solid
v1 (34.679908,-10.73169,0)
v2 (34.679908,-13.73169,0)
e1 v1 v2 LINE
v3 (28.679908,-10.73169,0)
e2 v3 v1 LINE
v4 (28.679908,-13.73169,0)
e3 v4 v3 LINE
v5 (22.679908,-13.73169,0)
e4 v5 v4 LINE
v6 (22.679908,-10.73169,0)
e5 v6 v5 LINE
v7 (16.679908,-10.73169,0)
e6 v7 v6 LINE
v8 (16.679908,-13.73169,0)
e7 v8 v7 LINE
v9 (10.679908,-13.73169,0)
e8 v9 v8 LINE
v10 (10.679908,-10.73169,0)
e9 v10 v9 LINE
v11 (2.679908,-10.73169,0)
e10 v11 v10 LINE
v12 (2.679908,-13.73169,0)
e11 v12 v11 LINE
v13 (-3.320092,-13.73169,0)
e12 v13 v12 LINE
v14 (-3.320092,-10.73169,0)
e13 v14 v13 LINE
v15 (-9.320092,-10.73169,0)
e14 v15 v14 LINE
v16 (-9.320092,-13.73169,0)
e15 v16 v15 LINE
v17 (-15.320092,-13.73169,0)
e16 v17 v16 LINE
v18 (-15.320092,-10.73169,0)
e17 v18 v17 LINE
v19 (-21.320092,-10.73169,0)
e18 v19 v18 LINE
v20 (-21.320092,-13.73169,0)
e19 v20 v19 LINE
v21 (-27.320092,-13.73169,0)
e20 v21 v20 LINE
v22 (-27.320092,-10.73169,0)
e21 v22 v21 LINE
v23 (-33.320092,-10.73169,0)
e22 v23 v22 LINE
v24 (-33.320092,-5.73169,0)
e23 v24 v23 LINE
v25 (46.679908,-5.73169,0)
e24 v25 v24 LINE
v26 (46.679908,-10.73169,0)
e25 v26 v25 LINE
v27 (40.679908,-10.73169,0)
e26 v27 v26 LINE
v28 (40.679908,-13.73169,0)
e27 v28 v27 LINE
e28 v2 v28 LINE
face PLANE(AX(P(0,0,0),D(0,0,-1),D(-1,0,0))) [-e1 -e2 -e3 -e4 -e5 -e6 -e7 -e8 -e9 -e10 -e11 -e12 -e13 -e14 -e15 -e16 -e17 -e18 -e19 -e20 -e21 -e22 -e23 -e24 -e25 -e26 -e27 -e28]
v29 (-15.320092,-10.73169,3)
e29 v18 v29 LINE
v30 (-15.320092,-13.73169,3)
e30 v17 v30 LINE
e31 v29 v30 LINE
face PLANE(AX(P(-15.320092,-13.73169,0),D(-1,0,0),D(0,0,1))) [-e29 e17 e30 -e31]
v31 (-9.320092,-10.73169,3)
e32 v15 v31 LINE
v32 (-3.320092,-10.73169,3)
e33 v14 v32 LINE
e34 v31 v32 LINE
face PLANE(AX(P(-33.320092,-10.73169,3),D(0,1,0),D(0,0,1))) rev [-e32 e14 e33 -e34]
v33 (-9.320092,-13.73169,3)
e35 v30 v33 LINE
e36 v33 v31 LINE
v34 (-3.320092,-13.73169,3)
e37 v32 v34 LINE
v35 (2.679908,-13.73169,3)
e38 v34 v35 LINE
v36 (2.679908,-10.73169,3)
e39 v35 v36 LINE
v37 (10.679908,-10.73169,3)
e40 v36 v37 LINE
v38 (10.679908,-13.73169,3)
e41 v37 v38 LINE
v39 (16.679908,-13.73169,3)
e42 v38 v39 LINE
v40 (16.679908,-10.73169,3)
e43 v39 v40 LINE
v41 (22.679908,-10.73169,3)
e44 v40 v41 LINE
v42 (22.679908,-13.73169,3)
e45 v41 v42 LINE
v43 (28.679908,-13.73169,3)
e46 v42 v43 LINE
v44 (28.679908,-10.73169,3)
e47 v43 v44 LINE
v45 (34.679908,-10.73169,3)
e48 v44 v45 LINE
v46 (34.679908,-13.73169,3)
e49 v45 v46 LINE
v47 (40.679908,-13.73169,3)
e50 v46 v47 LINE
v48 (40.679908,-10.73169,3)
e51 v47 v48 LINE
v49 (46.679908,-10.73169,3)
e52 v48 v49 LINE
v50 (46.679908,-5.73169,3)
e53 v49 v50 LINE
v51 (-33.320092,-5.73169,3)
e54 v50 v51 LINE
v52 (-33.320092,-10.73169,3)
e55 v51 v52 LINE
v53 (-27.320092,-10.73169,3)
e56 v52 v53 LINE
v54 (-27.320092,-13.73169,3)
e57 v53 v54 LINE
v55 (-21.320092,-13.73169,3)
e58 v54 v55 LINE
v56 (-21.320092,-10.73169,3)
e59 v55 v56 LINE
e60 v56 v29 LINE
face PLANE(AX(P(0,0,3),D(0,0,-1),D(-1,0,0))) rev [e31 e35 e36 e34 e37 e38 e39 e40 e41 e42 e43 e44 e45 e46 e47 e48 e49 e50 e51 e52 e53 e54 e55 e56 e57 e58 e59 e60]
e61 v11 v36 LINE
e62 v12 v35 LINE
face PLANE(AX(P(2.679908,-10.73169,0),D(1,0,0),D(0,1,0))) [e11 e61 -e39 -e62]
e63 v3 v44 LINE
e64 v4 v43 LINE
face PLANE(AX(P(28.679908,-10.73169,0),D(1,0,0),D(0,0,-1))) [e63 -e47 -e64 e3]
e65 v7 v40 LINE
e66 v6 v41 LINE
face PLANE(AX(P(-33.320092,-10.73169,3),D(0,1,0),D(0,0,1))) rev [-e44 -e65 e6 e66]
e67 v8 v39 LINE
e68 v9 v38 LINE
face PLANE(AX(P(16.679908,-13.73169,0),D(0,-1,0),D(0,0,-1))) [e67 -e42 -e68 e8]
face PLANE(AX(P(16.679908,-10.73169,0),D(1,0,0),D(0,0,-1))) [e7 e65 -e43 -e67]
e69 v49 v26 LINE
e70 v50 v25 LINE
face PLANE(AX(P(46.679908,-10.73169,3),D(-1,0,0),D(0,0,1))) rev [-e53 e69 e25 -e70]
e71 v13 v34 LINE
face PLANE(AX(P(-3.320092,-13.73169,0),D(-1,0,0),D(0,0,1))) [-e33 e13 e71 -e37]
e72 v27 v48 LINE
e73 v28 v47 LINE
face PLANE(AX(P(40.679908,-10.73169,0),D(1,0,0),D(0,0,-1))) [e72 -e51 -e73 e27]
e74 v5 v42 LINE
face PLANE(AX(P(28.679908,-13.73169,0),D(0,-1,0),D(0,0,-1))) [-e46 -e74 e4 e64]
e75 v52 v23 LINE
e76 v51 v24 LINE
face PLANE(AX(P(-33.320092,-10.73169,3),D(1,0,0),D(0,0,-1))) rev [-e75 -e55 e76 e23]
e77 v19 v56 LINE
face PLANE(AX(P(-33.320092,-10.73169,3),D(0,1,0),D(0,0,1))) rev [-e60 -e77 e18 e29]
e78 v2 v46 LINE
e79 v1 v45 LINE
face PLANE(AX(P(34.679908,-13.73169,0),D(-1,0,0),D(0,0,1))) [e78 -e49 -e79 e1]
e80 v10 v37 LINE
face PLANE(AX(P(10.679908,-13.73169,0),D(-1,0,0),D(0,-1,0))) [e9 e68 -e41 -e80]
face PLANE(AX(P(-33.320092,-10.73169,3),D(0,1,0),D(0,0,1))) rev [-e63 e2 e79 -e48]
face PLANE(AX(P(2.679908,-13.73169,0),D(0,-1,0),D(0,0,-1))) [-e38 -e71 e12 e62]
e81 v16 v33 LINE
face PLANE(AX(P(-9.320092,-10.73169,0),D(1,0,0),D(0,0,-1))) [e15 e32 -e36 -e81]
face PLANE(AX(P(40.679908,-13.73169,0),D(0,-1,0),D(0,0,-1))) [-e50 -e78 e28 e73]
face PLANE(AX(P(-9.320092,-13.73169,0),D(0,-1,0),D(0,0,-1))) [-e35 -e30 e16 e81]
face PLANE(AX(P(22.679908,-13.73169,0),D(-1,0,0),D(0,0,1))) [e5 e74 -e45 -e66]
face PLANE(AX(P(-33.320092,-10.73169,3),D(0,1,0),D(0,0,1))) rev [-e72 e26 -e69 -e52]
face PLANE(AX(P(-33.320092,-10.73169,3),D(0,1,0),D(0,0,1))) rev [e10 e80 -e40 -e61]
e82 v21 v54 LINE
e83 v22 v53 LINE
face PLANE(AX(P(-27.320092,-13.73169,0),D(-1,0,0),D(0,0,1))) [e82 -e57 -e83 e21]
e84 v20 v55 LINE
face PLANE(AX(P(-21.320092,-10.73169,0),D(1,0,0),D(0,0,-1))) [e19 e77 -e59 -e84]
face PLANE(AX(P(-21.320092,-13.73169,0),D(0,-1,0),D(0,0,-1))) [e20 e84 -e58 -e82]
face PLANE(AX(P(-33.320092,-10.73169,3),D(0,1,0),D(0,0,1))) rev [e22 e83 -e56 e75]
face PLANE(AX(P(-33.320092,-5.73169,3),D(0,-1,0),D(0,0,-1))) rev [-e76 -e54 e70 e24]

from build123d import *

# Parameters (mm, degrees)
SKETCH1_W           = 80
SKETCH1_H           = 5
BOSS_EXTRUDE1_DEPTH = 3
SKETCH2_W           = 6
SKETCH2_H           = 3
BOSS_EXTRUDE2_DEPTH = 3


with BuildPart() as part:
    # Sketch1 → Boss-Extrude1 (new body)
    with BuildSketch(Plane.XY):
        with Locations((6.679907864, -8.231689836)):
            Rectangle(SKETCH1_W, SKETCH1_H)
    extrude(amount=BOSS_EXTRUDE1_DEPTH)

    # Sketch2 → Boss-Extrude2 (add)
    with BuildSketch(Plane.XY.offset(3)):
        with Locations((-24.320092136, -12.231689836)):
            Rectangle(SKETCH2_W, SKETCH2_H)
        with Locations((37.679907864, -12.231689836)):
            Rectangle(SKETCH2_W, SKETCH2_H)
        with Locations((-12.320092136, -12.231689836)):
            Rectangle(SKETCH2_W, SKETCH2_H)
        with Locations((25.679907864, -12.231689836)):
            Rectangle(SKETCH2_W, SKETCH2_H)
        with Locations((-0.320092136, -12.231689836)):
            Rectangle(SKETCH2_W, SKETCH2_H)
        with Locations((13.679907864, -12.231689836)):
            Rectangle(SKETCH2_W, SKETCH2_H)
    extrude(amount=-BOSS_EXTRUDE2_DEPTH)


solid = part.part
